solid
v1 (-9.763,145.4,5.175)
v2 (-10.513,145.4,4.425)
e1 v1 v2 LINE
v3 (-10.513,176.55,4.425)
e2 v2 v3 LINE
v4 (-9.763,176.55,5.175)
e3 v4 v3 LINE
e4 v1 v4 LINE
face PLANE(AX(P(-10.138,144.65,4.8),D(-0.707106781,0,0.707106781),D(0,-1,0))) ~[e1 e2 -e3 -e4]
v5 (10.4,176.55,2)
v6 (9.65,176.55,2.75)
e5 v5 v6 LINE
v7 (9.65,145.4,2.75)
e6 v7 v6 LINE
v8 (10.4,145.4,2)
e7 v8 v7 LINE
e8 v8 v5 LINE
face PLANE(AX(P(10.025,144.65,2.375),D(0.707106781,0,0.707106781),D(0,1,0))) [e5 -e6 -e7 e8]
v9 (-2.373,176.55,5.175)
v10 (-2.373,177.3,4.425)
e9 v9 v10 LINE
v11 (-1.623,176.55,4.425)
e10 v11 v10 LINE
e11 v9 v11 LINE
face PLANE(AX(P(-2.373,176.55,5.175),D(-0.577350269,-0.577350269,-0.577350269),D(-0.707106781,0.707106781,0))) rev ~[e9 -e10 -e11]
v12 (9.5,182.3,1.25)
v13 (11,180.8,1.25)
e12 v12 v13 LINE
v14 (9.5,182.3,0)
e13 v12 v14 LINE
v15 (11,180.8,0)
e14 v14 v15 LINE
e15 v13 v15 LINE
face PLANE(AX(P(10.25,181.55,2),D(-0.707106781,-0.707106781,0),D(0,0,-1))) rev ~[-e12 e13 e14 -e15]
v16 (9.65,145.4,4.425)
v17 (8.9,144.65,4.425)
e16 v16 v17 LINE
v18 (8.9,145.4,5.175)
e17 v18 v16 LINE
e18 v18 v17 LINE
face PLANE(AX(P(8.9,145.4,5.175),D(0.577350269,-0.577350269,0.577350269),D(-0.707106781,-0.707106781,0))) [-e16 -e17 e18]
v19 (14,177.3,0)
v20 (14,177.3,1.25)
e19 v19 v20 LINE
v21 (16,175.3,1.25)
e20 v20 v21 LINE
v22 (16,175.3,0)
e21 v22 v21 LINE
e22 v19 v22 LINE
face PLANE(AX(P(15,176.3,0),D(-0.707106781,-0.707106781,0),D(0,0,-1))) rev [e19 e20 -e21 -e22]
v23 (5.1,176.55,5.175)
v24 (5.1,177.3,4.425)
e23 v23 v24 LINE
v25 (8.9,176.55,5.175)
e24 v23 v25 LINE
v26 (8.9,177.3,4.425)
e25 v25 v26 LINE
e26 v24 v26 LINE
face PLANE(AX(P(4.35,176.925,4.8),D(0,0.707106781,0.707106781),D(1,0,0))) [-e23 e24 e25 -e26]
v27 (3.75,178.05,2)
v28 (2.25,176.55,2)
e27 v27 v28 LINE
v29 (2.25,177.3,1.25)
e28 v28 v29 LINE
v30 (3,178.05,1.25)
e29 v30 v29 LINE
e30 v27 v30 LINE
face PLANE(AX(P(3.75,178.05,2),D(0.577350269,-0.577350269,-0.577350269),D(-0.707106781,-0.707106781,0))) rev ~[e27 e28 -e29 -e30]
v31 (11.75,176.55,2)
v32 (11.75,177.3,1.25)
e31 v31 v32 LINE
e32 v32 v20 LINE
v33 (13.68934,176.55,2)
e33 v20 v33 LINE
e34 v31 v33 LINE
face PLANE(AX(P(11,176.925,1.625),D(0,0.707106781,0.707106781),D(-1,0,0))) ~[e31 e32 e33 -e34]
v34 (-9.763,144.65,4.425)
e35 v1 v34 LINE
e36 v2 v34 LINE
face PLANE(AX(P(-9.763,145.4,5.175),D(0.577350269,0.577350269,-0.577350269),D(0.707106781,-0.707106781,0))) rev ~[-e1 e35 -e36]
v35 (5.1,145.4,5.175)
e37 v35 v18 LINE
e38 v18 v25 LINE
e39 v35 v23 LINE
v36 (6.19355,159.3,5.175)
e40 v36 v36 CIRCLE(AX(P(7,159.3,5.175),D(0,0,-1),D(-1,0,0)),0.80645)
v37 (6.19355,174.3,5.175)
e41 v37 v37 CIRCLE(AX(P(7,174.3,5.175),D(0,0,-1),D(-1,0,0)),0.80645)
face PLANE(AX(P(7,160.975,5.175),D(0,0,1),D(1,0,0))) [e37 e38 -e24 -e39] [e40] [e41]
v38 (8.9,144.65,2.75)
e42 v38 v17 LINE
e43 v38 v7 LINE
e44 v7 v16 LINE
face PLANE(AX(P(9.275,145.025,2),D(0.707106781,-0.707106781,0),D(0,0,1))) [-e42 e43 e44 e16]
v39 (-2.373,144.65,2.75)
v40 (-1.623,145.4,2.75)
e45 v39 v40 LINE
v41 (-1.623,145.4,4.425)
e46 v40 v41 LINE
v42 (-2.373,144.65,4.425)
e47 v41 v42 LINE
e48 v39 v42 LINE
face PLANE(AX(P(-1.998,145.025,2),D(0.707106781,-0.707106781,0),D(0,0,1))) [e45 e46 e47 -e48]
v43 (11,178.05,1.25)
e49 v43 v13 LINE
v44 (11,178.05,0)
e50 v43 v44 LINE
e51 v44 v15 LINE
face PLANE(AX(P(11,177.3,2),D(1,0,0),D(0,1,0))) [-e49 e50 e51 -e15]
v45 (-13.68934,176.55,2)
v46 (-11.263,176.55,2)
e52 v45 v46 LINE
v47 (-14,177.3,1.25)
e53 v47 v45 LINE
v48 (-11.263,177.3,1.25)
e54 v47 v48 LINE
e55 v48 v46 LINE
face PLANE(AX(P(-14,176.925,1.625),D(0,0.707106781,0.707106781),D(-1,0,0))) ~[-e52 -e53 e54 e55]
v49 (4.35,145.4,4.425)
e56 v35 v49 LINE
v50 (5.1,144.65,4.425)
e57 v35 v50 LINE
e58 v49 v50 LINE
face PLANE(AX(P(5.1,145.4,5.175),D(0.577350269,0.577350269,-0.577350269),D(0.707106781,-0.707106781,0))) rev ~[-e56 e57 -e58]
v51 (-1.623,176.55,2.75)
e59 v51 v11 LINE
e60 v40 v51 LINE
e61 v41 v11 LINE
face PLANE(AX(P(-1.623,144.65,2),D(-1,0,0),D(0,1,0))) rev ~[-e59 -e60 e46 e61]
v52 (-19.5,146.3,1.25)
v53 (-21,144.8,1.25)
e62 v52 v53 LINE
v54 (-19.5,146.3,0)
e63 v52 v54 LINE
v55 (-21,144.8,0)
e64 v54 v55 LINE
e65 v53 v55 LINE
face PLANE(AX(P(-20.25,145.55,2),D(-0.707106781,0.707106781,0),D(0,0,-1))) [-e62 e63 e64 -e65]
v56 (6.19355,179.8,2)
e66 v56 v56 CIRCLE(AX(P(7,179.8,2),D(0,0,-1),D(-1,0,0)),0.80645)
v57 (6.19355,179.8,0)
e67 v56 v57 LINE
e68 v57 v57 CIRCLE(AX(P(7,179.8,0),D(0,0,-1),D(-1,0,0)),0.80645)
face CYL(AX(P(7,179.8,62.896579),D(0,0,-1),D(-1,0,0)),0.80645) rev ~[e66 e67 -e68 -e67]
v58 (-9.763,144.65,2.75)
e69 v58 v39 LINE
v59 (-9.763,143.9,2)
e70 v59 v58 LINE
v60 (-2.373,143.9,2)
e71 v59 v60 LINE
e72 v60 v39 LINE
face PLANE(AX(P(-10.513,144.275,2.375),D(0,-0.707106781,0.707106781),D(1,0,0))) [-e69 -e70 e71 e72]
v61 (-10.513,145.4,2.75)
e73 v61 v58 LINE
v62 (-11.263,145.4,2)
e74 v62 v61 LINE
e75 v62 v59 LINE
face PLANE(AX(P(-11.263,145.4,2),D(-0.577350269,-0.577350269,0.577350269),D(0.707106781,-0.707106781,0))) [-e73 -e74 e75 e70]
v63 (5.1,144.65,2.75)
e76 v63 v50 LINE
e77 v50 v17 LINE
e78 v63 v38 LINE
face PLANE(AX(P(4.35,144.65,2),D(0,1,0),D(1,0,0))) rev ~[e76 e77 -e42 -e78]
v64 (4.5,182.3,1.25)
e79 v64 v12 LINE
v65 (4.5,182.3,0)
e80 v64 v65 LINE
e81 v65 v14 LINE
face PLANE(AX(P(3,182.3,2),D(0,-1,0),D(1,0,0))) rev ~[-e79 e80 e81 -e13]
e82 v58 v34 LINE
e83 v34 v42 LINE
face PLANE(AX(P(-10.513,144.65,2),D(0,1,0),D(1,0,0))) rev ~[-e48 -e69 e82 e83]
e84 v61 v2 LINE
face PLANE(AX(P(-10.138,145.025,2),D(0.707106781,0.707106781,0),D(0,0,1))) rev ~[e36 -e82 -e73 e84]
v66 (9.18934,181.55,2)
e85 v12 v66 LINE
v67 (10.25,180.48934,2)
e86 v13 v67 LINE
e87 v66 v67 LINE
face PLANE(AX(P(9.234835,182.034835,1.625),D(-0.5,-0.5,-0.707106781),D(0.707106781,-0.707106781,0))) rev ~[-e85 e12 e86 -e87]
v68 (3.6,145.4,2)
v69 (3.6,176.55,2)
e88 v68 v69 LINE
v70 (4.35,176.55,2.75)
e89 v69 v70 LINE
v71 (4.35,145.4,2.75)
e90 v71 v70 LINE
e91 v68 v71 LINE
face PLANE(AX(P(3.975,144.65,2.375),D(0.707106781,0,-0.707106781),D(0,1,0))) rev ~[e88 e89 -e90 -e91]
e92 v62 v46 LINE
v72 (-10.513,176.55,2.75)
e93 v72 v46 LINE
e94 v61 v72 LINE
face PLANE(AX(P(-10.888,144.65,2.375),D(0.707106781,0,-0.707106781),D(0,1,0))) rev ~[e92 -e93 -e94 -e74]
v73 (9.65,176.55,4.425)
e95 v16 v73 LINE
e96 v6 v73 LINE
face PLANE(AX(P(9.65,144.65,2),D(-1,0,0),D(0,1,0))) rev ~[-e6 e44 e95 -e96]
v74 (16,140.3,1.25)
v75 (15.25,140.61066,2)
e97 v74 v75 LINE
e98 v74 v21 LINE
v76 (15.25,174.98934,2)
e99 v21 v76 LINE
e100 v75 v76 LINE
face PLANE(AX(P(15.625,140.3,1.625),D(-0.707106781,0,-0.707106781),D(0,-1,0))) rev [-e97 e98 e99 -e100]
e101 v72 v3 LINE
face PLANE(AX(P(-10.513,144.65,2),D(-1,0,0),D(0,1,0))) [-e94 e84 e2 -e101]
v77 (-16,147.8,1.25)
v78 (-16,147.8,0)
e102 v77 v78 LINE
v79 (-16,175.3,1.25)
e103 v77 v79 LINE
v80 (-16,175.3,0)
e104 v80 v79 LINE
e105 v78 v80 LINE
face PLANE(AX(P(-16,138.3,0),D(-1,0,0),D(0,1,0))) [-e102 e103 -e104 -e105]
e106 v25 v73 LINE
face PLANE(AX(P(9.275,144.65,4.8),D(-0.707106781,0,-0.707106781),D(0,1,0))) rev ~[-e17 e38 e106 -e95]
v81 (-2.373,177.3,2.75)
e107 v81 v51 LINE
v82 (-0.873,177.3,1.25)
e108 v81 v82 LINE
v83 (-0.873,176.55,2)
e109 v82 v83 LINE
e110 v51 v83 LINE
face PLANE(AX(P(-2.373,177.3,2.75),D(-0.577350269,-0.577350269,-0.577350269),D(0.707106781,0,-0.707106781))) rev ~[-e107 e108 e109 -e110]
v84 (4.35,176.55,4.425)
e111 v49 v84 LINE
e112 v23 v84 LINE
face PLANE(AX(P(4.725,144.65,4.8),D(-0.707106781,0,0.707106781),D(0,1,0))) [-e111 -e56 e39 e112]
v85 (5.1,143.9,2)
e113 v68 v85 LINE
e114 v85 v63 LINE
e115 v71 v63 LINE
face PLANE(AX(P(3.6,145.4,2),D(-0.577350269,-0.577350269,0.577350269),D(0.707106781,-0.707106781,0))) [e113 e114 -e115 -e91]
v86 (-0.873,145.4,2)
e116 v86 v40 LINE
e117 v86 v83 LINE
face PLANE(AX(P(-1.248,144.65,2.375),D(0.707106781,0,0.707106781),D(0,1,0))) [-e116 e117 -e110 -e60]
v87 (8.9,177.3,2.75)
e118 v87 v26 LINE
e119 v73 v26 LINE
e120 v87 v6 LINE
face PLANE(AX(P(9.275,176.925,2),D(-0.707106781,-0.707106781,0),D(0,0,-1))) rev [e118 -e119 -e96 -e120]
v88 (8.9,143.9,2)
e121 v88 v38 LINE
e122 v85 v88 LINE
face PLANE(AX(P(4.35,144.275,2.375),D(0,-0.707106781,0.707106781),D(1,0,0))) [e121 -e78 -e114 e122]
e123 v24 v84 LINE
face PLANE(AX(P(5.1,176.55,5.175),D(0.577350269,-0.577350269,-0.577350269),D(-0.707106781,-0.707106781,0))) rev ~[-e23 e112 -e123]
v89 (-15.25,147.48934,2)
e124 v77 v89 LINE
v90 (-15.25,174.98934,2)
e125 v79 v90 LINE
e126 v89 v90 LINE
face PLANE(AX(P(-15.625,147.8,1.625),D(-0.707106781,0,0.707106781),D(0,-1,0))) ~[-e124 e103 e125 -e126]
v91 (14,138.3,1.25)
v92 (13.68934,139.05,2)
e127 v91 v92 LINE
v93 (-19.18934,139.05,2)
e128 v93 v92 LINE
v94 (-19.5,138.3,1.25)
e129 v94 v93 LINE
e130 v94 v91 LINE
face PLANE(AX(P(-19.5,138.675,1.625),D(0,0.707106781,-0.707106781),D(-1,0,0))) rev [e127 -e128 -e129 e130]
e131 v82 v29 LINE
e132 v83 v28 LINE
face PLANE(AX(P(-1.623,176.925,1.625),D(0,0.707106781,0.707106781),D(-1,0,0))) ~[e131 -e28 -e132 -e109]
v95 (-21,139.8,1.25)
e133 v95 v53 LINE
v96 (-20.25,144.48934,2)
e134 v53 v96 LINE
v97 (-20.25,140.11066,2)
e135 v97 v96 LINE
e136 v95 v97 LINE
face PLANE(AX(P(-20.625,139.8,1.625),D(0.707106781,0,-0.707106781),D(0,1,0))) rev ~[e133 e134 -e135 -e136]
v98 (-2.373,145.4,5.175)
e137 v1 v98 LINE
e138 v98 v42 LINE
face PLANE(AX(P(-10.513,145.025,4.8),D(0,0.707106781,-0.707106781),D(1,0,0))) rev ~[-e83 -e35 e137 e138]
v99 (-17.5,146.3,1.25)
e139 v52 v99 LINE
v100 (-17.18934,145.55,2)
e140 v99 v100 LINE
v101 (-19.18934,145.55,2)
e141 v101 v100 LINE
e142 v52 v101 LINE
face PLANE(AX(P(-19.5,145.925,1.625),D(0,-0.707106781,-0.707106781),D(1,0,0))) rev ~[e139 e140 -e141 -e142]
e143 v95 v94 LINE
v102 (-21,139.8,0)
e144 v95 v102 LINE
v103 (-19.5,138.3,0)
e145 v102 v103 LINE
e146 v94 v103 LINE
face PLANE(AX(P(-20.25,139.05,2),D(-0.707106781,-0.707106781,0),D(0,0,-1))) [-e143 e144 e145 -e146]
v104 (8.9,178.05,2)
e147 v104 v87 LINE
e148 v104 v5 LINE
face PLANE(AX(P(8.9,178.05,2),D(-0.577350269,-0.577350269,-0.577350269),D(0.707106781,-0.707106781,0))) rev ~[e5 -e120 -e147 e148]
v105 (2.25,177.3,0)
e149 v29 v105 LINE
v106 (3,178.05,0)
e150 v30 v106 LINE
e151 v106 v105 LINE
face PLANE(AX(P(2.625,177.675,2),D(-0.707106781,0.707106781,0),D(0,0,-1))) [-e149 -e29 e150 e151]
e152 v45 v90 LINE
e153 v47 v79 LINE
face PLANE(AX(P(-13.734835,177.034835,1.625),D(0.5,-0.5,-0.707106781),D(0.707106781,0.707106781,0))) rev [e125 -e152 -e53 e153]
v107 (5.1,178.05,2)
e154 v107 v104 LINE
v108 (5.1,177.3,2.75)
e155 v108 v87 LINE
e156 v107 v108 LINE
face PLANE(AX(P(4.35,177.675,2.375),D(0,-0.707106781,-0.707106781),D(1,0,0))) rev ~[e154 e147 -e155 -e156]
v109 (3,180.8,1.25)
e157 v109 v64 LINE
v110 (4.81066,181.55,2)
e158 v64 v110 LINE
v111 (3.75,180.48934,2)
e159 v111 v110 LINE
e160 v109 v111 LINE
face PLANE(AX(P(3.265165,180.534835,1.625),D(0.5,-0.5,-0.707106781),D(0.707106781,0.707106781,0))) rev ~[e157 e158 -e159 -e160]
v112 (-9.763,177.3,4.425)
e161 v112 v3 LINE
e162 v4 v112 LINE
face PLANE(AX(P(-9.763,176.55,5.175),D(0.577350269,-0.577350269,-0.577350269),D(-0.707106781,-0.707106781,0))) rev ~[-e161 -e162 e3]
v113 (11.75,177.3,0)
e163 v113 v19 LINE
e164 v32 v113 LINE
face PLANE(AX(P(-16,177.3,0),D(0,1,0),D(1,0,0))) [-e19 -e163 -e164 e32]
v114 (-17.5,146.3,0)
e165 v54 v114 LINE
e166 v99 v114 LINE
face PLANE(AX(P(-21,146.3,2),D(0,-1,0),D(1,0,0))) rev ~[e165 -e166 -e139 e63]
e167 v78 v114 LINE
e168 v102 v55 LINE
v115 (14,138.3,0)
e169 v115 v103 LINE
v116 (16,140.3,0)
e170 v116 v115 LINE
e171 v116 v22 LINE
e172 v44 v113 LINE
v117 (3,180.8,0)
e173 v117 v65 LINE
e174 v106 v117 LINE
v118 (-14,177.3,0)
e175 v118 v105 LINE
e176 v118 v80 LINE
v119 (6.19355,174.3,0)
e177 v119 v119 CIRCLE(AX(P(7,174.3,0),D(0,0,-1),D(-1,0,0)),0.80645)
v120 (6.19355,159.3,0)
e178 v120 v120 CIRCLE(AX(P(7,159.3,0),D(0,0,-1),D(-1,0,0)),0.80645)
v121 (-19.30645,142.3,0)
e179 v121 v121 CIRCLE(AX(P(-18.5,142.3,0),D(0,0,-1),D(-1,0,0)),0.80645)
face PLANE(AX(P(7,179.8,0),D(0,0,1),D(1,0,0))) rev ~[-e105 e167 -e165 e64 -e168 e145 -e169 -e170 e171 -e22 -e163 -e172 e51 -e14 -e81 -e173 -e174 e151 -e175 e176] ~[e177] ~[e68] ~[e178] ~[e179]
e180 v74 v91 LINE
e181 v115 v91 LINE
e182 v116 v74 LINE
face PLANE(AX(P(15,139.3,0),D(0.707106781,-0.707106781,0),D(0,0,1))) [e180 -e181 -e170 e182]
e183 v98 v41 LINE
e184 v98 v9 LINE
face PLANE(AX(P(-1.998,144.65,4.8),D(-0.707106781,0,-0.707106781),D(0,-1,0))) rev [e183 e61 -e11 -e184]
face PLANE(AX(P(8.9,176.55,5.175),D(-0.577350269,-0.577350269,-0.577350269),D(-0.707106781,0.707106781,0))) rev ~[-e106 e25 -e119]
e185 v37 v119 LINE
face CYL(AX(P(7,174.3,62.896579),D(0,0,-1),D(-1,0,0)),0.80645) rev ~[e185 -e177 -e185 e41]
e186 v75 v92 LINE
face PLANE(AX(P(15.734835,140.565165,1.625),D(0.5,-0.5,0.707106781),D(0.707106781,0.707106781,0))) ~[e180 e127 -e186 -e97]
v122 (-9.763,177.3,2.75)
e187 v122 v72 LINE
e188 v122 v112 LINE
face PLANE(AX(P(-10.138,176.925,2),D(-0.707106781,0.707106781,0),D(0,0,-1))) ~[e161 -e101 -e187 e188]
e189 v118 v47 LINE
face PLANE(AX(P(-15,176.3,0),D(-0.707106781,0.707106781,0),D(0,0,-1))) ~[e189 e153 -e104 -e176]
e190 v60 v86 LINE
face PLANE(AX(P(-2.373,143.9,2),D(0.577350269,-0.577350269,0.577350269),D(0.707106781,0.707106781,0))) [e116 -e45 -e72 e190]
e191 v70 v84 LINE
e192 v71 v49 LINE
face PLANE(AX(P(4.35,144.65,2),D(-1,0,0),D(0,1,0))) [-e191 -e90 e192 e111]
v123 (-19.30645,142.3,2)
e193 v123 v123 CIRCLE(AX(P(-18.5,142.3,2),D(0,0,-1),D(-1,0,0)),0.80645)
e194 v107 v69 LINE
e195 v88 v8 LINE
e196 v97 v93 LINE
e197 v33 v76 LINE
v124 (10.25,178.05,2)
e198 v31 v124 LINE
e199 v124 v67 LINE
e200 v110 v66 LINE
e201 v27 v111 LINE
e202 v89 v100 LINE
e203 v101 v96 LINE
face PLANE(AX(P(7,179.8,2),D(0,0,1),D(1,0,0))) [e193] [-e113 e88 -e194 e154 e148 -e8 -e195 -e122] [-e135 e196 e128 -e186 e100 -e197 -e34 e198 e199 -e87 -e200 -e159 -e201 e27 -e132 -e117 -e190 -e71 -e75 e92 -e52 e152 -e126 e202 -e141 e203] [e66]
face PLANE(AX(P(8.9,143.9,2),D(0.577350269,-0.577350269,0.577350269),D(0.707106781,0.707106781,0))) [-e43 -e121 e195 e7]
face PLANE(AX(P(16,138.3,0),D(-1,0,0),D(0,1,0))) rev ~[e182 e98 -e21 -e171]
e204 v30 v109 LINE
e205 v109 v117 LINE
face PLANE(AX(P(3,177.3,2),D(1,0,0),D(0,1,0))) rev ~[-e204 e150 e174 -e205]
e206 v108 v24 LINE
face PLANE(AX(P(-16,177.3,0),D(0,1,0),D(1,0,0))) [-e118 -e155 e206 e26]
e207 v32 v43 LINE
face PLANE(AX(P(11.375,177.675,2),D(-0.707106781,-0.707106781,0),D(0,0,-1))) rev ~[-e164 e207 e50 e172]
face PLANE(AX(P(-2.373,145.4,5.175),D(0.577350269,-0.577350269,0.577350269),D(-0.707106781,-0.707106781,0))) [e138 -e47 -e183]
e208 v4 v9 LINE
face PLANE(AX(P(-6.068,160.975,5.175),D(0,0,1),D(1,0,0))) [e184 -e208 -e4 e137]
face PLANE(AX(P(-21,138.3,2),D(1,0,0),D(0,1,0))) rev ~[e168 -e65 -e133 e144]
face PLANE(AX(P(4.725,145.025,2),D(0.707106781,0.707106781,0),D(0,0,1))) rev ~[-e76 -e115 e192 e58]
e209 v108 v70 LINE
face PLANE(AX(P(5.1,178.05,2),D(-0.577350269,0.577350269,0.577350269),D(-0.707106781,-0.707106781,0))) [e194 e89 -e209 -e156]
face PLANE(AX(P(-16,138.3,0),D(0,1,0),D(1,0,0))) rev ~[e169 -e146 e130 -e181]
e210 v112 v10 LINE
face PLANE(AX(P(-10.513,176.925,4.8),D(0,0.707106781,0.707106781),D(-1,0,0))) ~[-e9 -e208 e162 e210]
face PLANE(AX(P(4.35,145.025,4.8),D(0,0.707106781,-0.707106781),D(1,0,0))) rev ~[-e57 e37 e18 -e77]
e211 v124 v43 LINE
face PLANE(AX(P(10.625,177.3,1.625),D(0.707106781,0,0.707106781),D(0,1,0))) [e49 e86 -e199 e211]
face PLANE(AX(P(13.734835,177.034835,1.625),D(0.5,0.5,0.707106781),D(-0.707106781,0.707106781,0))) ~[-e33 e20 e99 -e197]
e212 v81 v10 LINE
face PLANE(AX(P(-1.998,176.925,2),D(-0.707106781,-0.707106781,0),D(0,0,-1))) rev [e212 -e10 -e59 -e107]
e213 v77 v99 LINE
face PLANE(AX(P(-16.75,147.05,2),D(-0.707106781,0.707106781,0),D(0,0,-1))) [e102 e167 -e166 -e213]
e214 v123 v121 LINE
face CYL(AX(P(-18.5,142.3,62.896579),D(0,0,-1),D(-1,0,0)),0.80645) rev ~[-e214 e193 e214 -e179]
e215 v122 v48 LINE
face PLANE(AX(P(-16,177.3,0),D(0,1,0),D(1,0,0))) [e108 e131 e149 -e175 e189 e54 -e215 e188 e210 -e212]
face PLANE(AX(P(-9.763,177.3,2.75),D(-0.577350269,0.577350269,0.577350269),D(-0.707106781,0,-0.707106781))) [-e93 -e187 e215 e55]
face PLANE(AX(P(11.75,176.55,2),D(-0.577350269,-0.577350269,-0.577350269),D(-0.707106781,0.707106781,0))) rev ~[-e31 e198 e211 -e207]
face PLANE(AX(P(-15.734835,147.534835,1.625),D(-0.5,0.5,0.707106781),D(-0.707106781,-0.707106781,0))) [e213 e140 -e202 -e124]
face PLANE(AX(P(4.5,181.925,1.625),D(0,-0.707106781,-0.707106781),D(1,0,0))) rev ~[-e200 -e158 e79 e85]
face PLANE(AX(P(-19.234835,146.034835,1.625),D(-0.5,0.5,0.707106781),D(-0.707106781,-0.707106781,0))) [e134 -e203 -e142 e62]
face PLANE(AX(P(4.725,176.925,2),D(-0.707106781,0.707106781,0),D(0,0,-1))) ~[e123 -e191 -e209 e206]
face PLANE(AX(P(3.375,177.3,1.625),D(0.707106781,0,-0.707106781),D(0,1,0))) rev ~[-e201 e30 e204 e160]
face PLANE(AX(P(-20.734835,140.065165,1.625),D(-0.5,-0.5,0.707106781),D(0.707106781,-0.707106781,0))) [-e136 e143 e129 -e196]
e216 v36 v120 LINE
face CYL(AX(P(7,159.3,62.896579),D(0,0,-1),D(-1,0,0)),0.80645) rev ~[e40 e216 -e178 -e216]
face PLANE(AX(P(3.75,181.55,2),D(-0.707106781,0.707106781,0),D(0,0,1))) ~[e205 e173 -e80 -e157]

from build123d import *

# Parameters (mm, degrees)
SKETCH1_W                    = 32
SKETCH1_H                    = 39
BOSS_EXTRUDE1_DEPTH          = 2
SKETCH2_W                    = 5.3
SKETCH2_H                    = 32.65
SKETCH2_W_2                  = 8.89
BOSS_EXTRUDE2_DEPTH          = 3.175
SKETCH10_W                   = 8
SKETCH10_H                   = 5
SKETCH10_W_2                 = 5
SKETCH10_H_2                 = 8
BOSS_EXTRUDE3_DEPTH          = 2
F_52_0_0635_DIAMETER_HOLE1_D = 1.6129
CHAMFER1_SIZE                = 2
CHAMFER3_SIZE                = 1.5
CHAMFER2_SIZE                = 0.75


with BuildPart() as part:
    # Sketch1 → Boss-Extrude1 (new body)
    with BuildSketch(Plane.XY):
        with Locations((0, 157.8)):
            Rectangle(SKETCH1_W, SKETCH1_H)
    extrude(amount=BOSS_EXTRUDE1_DEPTH)

    # Sketch2 → Boss-Extrude2 (add)
    with BuildSketch(Plane.XY.offset(2)):
        with Locations((7, 160.975)):
            Rectangle(SKETCH2_W, SKETCH2_H)
        with Locations((-6.068, 160.975)):
            Rectangle(SKETCH2_W_2, SKETCH2_H)
    extrude(amount=BOSS_EXTRUDE2_DEPTH)

    # Sketch10 → Boss-Extrude3 (add)
    with BuildSketch(Plane.XY.offset(2)):
        with Locations((7, 179.8)):
            Rectangle(SKETCH10_W, SKETCH10_H)
        with Locations((-18.5, 142.3)):
            Rectangle(SKETCH10_W_2, SKETCH10_H_2)
    extrude(amount=-BOSS_EXTRUDE3_DEPTH)

    # #52 (0.0635) Diameter Hole1 (through all)
    with Locations(Plane.XY.offset(5.175)):
        with Locations((7, 174.3), (7, 159.3), (-18.5, 142.3), (7, 179.8)):
            Hole(F_52_0_0635_DIAMETER_HOLE1_D / 2)

    # Chamfer1
    chamfer1_edges = [part.edges().sort_by_distance(p)[0] for p in [
        (16, 177.3, 1),
        (16, 138.3, 1),
        (-16, 177.3, 1),
    ]]
    chamfer(chamfer1_edges, length=CHAMFER1_SIZE)

    # Chamfer3
    chamfer3_edges = [part.edges().sort_by_distance(p)[0] for p in [
        (11, 182.3, 1),
        (3, 182.3, 1),
        (-21, 146.3, 1),
        (-21, 138.3, 1),
        (-16, 146.3, 1),
    ]]
    chamfer(chamfer3_edges, length=CHAMFER3_SIZE)

    # Chamfer2
    chamfer2_edges = [part.edges().sort_by_distance(p)[0] for p in [
        (-21, 142.3, 2),
        (7, 182.3, 2),
        (3, 179.05, 2),
        (-18.5, 146.3, 2),
        (-2.75, 138.3, 2),
        (3.75, 181.55, 2),
        (10.25, 181.55, 2),
        (-20.25, 145.55, 2),
        (-20.25, 139.05, 2),
        (-16.75, 147.05, 2),
        (9.65, 160.975, 2),
        (9.65, 144.65, 3.5875),
        (9.65, 177.3, 3.5875),
        (4.35, 160.975, 2),
        (4.35, 177.3, 3.5875),
        (7, 144.65, 2),
        (4.35, 144.65, 3.5875),
        (9.65, 160.975, 5.175),
        (7, 177.3, 5.175),
        (4.35, 160.975, 5.175),
        (7, 144.65, 5.175),
        (-12.2565, 177.3, 2),
        (-1.623, 160.975, 2),
        (-1.623, 144.65, 3.5875),
        (-1.623, 177.3, 3.5875),
        (-10.513, 160.975, 2),
        (-10.513, 177.3, 3.5875),
        (-6.068, 144.65, 2),
        (-10.513, 144.65, 3.5875),
        (-1.623, 160.975, 5.175),
        (-6.068, 177.3, 5.175),
        (-10.513, 160.975, 5.175),
        (-6.068, 144.65, 5.175),
        (0.6885, 177.3, 2),
        (7, 177.3, 2),
        (11, 179.05, 2),
        (11, 177.3, 1),
        (3, 177.3, 1),
        (12.5, 177.3, 2),
        (16, 157.8, 2),
        (-16, 161.55, 2),
        (-15, 176.3, 2),
        (15, 139.3, 2),
        (15, 176.3, 2),
    ]]
    chamfer(chamfer2_edges, length=CHAMFER2_SIZE)


solid = part.part
